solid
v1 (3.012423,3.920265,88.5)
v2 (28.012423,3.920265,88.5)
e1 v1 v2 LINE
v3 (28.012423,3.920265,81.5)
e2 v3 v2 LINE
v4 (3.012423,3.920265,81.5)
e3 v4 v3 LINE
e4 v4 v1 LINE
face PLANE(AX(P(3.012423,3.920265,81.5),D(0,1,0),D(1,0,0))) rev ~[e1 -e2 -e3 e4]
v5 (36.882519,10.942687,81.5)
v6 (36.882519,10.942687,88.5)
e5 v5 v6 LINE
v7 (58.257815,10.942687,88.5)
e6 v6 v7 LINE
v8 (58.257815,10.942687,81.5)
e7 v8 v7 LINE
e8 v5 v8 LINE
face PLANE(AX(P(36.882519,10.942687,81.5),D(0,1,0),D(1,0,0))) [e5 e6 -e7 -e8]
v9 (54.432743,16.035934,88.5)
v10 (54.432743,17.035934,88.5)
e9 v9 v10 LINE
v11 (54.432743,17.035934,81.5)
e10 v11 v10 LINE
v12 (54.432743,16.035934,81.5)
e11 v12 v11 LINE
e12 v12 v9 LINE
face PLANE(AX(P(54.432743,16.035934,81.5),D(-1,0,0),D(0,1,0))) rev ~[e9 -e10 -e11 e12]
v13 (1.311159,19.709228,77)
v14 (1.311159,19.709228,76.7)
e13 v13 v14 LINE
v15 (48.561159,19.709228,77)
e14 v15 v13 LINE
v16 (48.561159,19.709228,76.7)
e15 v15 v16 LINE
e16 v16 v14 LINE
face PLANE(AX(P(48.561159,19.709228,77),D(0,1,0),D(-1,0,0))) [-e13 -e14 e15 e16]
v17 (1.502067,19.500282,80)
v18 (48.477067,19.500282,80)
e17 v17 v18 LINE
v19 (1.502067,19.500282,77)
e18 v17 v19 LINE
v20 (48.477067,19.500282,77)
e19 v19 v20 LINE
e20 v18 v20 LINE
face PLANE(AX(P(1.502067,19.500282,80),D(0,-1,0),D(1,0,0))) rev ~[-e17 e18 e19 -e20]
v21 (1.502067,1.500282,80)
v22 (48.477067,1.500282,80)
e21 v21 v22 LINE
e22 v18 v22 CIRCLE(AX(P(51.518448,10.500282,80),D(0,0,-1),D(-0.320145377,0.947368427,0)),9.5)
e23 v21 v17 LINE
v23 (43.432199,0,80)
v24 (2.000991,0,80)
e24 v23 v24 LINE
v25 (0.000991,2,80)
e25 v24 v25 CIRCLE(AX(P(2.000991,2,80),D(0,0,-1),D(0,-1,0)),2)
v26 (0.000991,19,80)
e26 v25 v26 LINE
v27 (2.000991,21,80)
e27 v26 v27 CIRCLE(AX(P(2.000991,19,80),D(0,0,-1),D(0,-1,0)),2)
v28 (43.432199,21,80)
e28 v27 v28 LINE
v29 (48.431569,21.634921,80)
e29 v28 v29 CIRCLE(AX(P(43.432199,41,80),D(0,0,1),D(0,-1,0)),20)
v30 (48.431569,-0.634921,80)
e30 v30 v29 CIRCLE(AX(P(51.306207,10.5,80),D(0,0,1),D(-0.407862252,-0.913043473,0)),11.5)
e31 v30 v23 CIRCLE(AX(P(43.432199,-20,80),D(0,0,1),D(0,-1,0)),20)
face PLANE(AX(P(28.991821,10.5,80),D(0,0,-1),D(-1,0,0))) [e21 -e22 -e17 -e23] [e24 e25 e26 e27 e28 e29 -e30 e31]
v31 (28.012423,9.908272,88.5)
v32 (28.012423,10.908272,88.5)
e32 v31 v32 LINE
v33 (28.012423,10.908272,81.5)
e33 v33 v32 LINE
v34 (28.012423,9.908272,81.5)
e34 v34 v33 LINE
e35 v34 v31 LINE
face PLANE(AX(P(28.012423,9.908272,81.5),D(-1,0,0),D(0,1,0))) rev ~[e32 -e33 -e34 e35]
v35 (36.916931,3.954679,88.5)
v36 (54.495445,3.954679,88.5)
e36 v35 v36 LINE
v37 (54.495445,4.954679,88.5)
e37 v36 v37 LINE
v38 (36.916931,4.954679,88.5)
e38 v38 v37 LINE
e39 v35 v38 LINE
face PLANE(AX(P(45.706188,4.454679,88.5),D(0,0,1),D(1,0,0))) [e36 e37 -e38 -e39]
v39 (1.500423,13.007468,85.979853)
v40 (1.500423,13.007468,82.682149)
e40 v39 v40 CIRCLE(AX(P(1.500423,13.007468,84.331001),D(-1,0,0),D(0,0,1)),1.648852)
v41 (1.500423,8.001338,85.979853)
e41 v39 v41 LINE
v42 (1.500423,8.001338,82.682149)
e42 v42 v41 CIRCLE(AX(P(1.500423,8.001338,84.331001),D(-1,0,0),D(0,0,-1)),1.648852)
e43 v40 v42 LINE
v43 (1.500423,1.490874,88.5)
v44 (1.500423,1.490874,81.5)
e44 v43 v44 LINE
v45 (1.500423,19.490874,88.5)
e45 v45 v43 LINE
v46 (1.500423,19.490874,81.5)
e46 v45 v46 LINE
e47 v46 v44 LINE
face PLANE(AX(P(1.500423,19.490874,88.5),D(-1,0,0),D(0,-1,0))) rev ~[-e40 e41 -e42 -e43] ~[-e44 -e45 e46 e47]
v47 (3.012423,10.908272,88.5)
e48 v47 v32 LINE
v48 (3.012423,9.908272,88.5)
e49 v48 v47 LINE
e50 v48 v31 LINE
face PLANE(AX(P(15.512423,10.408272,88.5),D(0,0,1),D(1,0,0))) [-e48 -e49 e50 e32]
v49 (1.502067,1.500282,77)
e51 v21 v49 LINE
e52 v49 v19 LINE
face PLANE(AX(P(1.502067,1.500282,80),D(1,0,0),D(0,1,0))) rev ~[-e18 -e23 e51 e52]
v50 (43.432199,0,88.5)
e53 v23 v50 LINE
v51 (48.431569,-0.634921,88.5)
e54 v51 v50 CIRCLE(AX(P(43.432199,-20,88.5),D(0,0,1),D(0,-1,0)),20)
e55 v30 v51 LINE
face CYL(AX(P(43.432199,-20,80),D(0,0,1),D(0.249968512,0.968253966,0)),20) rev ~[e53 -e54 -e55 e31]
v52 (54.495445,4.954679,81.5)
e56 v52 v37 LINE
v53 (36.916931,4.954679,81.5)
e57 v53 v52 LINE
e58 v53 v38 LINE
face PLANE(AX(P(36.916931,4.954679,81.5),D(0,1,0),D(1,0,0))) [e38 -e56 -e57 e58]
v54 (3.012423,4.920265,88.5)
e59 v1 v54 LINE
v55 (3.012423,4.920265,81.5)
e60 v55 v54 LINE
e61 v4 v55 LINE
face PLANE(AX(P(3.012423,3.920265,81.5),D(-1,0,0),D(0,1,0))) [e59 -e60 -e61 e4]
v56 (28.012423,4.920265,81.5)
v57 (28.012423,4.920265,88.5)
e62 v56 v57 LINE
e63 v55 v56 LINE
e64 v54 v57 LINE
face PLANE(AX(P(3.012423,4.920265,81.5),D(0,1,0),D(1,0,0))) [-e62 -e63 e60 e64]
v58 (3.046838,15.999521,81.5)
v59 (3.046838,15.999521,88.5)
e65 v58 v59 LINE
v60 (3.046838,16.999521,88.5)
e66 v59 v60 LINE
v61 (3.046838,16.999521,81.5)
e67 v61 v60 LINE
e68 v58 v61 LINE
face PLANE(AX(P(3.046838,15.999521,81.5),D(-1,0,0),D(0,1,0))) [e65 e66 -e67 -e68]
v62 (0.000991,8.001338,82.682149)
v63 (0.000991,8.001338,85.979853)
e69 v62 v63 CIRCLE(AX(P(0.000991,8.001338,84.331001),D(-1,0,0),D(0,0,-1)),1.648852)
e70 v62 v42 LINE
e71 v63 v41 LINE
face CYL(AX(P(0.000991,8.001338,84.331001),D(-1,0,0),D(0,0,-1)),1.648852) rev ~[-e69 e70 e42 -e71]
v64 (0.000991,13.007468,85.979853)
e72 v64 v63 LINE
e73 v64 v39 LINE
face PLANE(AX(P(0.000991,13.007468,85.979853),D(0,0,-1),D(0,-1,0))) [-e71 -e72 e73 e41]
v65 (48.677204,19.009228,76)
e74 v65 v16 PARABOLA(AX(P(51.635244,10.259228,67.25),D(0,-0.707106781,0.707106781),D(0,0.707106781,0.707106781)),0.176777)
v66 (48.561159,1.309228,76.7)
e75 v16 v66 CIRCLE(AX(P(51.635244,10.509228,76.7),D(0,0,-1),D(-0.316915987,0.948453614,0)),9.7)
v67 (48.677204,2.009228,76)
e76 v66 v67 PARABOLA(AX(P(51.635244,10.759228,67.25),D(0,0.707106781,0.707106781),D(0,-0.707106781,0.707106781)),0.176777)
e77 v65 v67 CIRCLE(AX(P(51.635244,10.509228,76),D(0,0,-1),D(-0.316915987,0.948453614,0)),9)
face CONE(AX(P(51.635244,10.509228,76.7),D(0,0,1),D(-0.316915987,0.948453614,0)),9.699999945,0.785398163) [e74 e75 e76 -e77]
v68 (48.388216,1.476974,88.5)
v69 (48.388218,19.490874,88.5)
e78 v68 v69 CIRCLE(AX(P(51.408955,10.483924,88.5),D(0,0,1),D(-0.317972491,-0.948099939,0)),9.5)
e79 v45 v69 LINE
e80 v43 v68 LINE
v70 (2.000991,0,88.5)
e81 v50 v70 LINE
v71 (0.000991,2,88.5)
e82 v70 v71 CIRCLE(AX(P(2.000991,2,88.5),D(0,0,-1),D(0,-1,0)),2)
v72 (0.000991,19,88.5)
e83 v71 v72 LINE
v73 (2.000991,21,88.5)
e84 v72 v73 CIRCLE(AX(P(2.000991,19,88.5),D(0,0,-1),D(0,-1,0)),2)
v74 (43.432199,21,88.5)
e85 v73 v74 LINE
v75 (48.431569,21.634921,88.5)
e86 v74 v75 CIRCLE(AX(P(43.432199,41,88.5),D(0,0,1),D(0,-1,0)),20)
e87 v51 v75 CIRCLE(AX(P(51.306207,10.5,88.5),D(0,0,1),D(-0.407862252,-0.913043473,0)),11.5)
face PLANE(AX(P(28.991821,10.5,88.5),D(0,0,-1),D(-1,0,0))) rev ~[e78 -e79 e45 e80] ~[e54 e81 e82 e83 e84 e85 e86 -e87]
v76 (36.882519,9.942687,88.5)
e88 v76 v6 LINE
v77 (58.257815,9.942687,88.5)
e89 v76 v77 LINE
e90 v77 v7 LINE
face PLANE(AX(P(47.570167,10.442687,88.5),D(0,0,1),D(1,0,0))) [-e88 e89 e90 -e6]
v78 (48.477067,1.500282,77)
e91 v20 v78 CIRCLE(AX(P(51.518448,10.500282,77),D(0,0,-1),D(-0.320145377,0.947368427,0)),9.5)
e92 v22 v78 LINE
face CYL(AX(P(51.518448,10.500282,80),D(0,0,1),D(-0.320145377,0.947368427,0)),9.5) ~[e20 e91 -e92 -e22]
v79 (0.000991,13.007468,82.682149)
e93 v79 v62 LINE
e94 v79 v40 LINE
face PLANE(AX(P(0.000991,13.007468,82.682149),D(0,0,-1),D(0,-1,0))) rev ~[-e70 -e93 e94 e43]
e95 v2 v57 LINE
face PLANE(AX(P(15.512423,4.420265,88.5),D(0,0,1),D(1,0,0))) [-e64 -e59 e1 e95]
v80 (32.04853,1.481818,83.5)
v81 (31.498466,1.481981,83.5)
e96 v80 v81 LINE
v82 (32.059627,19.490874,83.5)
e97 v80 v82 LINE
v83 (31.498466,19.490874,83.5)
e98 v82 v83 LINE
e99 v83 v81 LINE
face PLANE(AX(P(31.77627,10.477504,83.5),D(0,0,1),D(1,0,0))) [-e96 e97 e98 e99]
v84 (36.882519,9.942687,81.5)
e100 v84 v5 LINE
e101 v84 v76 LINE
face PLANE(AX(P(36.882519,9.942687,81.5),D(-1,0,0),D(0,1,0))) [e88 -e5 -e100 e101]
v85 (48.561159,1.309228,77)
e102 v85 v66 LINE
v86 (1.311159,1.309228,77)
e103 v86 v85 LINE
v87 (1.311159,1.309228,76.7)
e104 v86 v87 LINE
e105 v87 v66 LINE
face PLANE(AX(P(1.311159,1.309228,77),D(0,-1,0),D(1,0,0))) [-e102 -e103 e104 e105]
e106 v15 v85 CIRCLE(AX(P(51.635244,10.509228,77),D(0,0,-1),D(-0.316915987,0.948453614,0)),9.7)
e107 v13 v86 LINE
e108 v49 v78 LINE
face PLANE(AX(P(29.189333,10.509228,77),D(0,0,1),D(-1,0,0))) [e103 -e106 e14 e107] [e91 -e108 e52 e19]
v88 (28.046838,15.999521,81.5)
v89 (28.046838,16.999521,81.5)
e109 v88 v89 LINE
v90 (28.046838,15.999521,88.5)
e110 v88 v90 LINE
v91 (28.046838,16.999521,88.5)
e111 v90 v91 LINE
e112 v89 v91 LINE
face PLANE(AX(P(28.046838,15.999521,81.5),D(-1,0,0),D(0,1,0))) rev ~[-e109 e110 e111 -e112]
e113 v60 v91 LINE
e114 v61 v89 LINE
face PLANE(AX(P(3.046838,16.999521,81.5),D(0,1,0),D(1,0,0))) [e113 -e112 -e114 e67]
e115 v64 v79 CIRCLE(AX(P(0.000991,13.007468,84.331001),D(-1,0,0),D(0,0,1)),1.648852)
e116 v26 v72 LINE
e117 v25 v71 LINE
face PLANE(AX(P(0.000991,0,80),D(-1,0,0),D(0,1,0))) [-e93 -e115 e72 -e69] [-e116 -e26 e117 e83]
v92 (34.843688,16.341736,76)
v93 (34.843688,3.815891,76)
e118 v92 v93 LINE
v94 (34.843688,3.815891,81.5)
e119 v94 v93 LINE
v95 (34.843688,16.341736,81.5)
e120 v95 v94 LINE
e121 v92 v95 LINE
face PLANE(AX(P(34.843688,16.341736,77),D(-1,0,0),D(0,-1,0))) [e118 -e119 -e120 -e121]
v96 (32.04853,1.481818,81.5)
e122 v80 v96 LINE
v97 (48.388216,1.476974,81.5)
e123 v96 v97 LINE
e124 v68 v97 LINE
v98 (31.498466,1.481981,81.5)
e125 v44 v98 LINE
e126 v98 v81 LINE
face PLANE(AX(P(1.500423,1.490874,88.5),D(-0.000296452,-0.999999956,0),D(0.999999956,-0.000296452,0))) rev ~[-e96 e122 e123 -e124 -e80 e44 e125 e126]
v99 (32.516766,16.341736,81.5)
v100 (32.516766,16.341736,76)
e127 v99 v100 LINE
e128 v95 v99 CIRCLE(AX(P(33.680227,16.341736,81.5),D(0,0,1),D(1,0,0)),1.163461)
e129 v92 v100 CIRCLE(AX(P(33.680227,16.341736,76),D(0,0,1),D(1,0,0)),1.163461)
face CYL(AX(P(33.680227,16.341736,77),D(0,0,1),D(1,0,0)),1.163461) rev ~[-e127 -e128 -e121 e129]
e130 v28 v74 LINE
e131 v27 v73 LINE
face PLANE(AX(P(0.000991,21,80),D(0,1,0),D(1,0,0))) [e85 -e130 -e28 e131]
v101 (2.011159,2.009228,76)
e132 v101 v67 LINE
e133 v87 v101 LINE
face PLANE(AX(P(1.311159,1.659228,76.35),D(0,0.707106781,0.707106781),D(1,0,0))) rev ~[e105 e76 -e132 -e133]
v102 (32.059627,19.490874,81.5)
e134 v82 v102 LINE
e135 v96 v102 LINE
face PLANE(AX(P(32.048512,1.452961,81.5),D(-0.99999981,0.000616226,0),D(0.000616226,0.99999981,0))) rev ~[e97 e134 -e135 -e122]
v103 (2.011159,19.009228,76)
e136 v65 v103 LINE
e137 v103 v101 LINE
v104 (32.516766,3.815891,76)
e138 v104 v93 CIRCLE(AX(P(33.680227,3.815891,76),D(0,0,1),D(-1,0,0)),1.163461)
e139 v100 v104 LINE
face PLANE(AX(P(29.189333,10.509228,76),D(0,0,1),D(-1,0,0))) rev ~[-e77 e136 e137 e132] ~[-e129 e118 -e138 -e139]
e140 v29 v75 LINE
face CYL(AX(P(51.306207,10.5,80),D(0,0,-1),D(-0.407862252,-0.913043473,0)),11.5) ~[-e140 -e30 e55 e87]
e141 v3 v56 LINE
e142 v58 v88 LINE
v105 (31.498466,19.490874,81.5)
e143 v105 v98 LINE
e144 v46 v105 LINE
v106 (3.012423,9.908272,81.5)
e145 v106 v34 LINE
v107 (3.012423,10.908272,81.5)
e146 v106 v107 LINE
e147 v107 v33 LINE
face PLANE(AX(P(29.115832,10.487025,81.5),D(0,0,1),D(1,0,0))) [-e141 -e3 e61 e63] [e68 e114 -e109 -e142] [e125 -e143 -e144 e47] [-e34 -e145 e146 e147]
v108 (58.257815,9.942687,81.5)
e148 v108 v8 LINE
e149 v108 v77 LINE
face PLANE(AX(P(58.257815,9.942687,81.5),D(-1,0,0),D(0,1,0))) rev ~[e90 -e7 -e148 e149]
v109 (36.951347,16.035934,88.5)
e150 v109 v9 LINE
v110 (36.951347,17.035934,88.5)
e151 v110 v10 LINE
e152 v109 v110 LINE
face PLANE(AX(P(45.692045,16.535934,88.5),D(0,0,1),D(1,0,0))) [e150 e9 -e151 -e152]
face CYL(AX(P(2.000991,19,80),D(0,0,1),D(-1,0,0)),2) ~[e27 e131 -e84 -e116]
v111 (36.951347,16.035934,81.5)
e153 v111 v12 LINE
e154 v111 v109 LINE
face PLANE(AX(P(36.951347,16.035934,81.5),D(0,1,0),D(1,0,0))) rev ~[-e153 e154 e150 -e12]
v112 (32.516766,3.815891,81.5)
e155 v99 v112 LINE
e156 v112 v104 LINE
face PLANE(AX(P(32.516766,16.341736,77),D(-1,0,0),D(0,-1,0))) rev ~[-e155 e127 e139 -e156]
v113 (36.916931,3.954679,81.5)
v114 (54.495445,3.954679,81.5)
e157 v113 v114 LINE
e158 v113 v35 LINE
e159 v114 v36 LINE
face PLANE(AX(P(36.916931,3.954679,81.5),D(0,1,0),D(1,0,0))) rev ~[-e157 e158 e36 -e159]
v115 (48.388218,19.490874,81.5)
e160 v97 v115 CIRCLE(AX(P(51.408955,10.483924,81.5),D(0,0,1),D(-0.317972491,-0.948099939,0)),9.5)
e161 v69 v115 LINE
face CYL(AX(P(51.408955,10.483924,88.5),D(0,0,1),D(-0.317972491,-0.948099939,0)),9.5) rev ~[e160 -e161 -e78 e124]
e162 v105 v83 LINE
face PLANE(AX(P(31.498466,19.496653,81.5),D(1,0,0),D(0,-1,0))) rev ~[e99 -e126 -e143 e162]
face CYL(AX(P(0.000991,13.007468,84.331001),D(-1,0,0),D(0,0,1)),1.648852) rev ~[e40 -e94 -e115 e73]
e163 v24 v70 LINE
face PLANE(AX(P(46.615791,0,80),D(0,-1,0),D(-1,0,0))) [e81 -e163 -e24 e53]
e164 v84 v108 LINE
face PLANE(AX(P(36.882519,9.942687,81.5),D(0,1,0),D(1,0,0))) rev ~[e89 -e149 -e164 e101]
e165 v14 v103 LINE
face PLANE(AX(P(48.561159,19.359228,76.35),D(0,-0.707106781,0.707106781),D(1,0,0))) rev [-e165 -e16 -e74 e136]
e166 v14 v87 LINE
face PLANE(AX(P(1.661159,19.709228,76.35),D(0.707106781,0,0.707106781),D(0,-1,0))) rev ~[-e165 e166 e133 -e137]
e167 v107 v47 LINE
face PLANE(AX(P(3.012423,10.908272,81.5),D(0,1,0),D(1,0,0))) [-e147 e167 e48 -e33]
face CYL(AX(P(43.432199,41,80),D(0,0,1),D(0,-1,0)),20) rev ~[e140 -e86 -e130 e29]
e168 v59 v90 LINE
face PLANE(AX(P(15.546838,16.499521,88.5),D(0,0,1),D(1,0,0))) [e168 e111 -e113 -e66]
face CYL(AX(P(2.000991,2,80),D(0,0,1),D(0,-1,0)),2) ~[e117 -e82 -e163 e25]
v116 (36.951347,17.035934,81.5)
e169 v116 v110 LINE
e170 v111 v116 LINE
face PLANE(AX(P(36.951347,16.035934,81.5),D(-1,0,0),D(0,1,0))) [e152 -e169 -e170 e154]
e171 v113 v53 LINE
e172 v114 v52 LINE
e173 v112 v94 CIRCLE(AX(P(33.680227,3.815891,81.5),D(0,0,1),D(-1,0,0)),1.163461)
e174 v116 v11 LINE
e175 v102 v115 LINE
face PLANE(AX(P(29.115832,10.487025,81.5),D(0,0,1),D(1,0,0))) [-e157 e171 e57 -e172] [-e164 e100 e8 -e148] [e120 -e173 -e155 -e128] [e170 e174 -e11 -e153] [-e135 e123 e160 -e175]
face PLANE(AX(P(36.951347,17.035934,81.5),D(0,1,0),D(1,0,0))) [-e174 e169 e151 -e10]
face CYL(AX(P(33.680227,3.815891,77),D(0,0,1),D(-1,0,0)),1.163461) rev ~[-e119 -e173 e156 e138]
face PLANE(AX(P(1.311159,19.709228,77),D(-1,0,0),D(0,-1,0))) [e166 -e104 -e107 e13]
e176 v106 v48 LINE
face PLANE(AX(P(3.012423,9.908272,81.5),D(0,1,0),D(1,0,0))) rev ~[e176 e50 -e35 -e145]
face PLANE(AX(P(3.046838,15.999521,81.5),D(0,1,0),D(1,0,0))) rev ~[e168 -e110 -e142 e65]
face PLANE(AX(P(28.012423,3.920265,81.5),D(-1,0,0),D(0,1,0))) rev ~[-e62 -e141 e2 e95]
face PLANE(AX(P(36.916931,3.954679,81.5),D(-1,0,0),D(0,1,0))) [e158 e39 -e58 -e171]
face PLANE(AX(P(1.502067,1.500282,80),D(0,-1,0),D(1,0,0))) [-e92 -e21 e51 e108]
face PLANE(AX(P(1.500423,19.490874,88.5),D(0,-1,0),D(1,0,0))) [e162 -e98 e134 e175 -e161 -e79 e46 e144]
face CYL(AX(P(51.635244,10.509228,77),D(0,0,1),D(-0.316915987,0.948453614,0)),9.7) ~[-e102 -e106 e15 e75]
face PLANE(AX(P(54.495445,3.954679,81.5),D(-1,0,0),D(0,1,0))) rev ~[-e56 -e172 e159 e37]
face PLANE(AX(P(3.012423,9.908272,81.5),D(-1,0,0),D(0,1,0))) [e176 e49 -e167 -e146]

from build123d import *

# Parameters (mm, degrees)
PAD001_DEPTH    = 8.5
PAD002_DEPTH    = 3
FILLET008_R     = 20
FILLET009_R     = 20
FILLET010_R     = 2
FILLET011_R     = 2
POCKET002_DEPTH = 7
POCKET003_DEPTH = 5
PAD006_DEPTH    = 2
POCKET004_DEPTH = 5
PAD007_DEPTH    = 1
CHAMFER_SIZE    = 0.7
POCKET009_DEPTH = 5
SKETCH017_W     = 25
SKETCH017_H     = 1
SKETCH017_W_2   = 17.481396
SKETCH017_W_3   = 21.375297
SKETCH017_W_4   = 17.578514
PAD008_DEPTH    = 7


with BuildPart() as part:
    # Sketch004 → Pad001 (new body)
    with BuildSketch(Plane.XY.offset(80)):
        with BuildLine():
            Line((0.000991, 21), (46.615791, 21))
            ThreePointArc((46.615791, 0), (62.806207, 10.5), (46.615791, 21))
            Line((46.615791, 0), (0.000991, 0))
            Line((0.000991, 0), (0.000991, 21))
        make_face()
    extrude(amount=PAD001_DEPTH)

    # Sketch005 → Pad002 (new body)
    with BuildSketch(Plane(origin=(0, 0, 80), x_dir=(1, 0, 0), z_dir=(0, 0, -1))):
        with BuildLine():
            Line((1.502067, -19.500282), (48.477067, -19.500282))
            ThreePointArc((48.477067, -19.500282), (61.018448, -10.500282), (48.477067, -1.500282))
            Line((1.502067, -1.500282), (48.477067, -1.500282))
            Line((1.502067, -1.500282), (1.502067, -19.500282))
        make_face()
    extrude(amount=PAD002_DEPTH)

    # Fillet008
    fillet008_edges = [part.edges().sort_by_distance(p)[0] for p in [
        (46.615791, 21, 84.25),
    ]]
    fillet(fillet008_edges, radius=FILLET008_R)

    # Fillet009
    fillet009_edges = [part.edges().sort_by_distance(p)[0] for p in [
        (46.615791, 0, 84.25),
    ]]
    fillet(fillet009_edges, radius=FILLET009_R)

    # Fillet010
    fillet010_edges = [part.edges().sort_by_distance(p)[0] for p in [
        (0.000991, 0, 84.25),
    ]]
    fillet(fillet010_edges, radius=FILLET010_R)

    # Fillet011
    fillet011_edges = [part.edges().sort_by_distance(p)[0] for p in [
        (0.000991, 21, 84.25),
    ]]
    fillet(fillet011_edges, radius=FILLET011_R)

    # Sketch006 → Pocket002 (cut)
    with BuildSketch(Plane.XY.offset(88.5)):
        with BuildLine():
            Line((1.500423, 1.490874), (48.388216, 1.476974))
            ThreePointArc((48.388216, 1.476974), (60.908955, 10.483923), (48.388218, 19.490874))
            Line((1.500423, 19.490874), (48.388218, 19.490874))
            Line((1.500423, 19.490874), (1.500423, 1.490874))
        make_face()
    extrude(amount=-POCKET002_DEPTH, mode=Mode.SUBTRACT)

    # Sketch007 → Pocket003 (cut)
    with BuildSketch(Plane(origin=(0.000991, 0, 80), x_dir=(0, -1, 0), z_dir=(-1, 0, 0))):
        with BuildLine():
            ThreePointArc((-13.007468, 5.979853), (-14.65632, 4.331001), (-13.007468, 2.682149))
            Line((-13.007468, 2.682149), (-8.001338, 2.682149))
            ThreePointArc((-8.001338, 2.682149), (-6.352486, 4.331001), (-8.001338, 5.979853))
            Line((-13.007468, 5.979853), (-8.001338, 5.979853))
        make_face()
    extrude(amount=-POCKET003_DEPTH, mode=Mode.SUBTRACT)

    # Sketch012 → Pad006 (new body)
    with BuildSketch(Plane.XY.offset(81.5)):
        Polygon((31.498466, 19.496653), (31.498466, 1.452961), (32.048512, 1.452961), (32.059631, 19.496653), align=None)
    extrude(amount=PAD006_DEPTH)

    # Sketch013 → Pocket004 (cut)
    with BuildSketch(Plane.XY.offset(81.5)):
        with BuildLine():
            ThreePointArc((34.843688, 16.341736), (33.680227, 17.505197), (32.516766, 16.341736))
            Line((32.516766, 16.341736), (32.516766, 3.815891))
            ThreePointArc((32.516766, 3.815891), (33.680227, 2.65243), (34.843688, 3.815891))
            Line((34.843688, 16.341736), (34.843688, 3.815891))
        make_face()
    extrude(amount=-POCKET004_DEPTH, mode=Mode.SUBTRACT)

    # Sketch015 → Pad007 (new body)
    with BuildSketch(Plane(origin=(0, 0, 77), x_dir=(1, 0, 0), z_dir=(0, 0, -1))):
        with BuildLine():
            Line((1.311159, -1.309228), (48.561159, -1.309228))
            ThreePointArc((48.561159, -19.709228), (61.335244, -10.509228), (48.561159, -1.309228))
            Line((48.561159, -19.709228), (1.311159, -19.709228))
            Line((1.311159, -19.709228), (1.311159, -1.309228))
        make_face()
    extrude(amount=PAD007_DEPTH)

    # Chamfer
    chamfer_edges = [part.edges().sort_by_distance(p)[0] for p in [
        (1.311159, 10.509228, 76),
        (24.936159, 1.309228, 76),
        (24.936159, 19.709228, 76),
        (61.335244, 10.509228, 76),
    ]]
    chamfer(chamfer_edges, length=CHAMFER_SIZE)

    # Sketch016 → Pocket009 (cut)
    with BuildSketch(Plane.XY.offset(77)):
        with BuildLine():
            ThreePointArc((34.843688, 16.341736), (33.680227, 17.505197), (32.516766, 16.341736))
            Line((32.516766, 16.341736), (32.516766, 3.815891))
            ThreePointArc((32.516766, 3.815891), (33.680227, 2.65243), (34.843688, 3.815891))
            Line((34.843688, 16.341736), (34.843688, 3.815891))
        make_face()
    extrude(amount=-POCKET009_DEPTH, mode=Mode.SUBTRACT)

    # Sketch017 → Pad008 (new body)
    with BuildSketch(Plane.XY.offset(81.5)):
        with Locations((15.546838, 16.499521)):
            Rectangle(SKETCH017_W, SKETCH017_H)
        with Locations((15.512423, 10.408272)):
            Rectangle(SKETCH017_W, SKETCH017_H)
        with Locations((15.512423, 4.420265)):
            Rectangle(SKETCH017_W, SKETCH017_H)
        with Locations((45.692045, 16.535934)):
            Rectangle(SKETCH017_W_2, SKETCH017_H)
        with Locations((47.570167, 10.442687)):
            Rectangle(SKETCH017_W_3, SKETCH017_H)
        with Locations((45.706188, 4.454679)):
            Rectangle(SKETCH017_W_4, SKETCH017_H)
    extrude(amount=PAD008_DEPTH)


solid = part.part
